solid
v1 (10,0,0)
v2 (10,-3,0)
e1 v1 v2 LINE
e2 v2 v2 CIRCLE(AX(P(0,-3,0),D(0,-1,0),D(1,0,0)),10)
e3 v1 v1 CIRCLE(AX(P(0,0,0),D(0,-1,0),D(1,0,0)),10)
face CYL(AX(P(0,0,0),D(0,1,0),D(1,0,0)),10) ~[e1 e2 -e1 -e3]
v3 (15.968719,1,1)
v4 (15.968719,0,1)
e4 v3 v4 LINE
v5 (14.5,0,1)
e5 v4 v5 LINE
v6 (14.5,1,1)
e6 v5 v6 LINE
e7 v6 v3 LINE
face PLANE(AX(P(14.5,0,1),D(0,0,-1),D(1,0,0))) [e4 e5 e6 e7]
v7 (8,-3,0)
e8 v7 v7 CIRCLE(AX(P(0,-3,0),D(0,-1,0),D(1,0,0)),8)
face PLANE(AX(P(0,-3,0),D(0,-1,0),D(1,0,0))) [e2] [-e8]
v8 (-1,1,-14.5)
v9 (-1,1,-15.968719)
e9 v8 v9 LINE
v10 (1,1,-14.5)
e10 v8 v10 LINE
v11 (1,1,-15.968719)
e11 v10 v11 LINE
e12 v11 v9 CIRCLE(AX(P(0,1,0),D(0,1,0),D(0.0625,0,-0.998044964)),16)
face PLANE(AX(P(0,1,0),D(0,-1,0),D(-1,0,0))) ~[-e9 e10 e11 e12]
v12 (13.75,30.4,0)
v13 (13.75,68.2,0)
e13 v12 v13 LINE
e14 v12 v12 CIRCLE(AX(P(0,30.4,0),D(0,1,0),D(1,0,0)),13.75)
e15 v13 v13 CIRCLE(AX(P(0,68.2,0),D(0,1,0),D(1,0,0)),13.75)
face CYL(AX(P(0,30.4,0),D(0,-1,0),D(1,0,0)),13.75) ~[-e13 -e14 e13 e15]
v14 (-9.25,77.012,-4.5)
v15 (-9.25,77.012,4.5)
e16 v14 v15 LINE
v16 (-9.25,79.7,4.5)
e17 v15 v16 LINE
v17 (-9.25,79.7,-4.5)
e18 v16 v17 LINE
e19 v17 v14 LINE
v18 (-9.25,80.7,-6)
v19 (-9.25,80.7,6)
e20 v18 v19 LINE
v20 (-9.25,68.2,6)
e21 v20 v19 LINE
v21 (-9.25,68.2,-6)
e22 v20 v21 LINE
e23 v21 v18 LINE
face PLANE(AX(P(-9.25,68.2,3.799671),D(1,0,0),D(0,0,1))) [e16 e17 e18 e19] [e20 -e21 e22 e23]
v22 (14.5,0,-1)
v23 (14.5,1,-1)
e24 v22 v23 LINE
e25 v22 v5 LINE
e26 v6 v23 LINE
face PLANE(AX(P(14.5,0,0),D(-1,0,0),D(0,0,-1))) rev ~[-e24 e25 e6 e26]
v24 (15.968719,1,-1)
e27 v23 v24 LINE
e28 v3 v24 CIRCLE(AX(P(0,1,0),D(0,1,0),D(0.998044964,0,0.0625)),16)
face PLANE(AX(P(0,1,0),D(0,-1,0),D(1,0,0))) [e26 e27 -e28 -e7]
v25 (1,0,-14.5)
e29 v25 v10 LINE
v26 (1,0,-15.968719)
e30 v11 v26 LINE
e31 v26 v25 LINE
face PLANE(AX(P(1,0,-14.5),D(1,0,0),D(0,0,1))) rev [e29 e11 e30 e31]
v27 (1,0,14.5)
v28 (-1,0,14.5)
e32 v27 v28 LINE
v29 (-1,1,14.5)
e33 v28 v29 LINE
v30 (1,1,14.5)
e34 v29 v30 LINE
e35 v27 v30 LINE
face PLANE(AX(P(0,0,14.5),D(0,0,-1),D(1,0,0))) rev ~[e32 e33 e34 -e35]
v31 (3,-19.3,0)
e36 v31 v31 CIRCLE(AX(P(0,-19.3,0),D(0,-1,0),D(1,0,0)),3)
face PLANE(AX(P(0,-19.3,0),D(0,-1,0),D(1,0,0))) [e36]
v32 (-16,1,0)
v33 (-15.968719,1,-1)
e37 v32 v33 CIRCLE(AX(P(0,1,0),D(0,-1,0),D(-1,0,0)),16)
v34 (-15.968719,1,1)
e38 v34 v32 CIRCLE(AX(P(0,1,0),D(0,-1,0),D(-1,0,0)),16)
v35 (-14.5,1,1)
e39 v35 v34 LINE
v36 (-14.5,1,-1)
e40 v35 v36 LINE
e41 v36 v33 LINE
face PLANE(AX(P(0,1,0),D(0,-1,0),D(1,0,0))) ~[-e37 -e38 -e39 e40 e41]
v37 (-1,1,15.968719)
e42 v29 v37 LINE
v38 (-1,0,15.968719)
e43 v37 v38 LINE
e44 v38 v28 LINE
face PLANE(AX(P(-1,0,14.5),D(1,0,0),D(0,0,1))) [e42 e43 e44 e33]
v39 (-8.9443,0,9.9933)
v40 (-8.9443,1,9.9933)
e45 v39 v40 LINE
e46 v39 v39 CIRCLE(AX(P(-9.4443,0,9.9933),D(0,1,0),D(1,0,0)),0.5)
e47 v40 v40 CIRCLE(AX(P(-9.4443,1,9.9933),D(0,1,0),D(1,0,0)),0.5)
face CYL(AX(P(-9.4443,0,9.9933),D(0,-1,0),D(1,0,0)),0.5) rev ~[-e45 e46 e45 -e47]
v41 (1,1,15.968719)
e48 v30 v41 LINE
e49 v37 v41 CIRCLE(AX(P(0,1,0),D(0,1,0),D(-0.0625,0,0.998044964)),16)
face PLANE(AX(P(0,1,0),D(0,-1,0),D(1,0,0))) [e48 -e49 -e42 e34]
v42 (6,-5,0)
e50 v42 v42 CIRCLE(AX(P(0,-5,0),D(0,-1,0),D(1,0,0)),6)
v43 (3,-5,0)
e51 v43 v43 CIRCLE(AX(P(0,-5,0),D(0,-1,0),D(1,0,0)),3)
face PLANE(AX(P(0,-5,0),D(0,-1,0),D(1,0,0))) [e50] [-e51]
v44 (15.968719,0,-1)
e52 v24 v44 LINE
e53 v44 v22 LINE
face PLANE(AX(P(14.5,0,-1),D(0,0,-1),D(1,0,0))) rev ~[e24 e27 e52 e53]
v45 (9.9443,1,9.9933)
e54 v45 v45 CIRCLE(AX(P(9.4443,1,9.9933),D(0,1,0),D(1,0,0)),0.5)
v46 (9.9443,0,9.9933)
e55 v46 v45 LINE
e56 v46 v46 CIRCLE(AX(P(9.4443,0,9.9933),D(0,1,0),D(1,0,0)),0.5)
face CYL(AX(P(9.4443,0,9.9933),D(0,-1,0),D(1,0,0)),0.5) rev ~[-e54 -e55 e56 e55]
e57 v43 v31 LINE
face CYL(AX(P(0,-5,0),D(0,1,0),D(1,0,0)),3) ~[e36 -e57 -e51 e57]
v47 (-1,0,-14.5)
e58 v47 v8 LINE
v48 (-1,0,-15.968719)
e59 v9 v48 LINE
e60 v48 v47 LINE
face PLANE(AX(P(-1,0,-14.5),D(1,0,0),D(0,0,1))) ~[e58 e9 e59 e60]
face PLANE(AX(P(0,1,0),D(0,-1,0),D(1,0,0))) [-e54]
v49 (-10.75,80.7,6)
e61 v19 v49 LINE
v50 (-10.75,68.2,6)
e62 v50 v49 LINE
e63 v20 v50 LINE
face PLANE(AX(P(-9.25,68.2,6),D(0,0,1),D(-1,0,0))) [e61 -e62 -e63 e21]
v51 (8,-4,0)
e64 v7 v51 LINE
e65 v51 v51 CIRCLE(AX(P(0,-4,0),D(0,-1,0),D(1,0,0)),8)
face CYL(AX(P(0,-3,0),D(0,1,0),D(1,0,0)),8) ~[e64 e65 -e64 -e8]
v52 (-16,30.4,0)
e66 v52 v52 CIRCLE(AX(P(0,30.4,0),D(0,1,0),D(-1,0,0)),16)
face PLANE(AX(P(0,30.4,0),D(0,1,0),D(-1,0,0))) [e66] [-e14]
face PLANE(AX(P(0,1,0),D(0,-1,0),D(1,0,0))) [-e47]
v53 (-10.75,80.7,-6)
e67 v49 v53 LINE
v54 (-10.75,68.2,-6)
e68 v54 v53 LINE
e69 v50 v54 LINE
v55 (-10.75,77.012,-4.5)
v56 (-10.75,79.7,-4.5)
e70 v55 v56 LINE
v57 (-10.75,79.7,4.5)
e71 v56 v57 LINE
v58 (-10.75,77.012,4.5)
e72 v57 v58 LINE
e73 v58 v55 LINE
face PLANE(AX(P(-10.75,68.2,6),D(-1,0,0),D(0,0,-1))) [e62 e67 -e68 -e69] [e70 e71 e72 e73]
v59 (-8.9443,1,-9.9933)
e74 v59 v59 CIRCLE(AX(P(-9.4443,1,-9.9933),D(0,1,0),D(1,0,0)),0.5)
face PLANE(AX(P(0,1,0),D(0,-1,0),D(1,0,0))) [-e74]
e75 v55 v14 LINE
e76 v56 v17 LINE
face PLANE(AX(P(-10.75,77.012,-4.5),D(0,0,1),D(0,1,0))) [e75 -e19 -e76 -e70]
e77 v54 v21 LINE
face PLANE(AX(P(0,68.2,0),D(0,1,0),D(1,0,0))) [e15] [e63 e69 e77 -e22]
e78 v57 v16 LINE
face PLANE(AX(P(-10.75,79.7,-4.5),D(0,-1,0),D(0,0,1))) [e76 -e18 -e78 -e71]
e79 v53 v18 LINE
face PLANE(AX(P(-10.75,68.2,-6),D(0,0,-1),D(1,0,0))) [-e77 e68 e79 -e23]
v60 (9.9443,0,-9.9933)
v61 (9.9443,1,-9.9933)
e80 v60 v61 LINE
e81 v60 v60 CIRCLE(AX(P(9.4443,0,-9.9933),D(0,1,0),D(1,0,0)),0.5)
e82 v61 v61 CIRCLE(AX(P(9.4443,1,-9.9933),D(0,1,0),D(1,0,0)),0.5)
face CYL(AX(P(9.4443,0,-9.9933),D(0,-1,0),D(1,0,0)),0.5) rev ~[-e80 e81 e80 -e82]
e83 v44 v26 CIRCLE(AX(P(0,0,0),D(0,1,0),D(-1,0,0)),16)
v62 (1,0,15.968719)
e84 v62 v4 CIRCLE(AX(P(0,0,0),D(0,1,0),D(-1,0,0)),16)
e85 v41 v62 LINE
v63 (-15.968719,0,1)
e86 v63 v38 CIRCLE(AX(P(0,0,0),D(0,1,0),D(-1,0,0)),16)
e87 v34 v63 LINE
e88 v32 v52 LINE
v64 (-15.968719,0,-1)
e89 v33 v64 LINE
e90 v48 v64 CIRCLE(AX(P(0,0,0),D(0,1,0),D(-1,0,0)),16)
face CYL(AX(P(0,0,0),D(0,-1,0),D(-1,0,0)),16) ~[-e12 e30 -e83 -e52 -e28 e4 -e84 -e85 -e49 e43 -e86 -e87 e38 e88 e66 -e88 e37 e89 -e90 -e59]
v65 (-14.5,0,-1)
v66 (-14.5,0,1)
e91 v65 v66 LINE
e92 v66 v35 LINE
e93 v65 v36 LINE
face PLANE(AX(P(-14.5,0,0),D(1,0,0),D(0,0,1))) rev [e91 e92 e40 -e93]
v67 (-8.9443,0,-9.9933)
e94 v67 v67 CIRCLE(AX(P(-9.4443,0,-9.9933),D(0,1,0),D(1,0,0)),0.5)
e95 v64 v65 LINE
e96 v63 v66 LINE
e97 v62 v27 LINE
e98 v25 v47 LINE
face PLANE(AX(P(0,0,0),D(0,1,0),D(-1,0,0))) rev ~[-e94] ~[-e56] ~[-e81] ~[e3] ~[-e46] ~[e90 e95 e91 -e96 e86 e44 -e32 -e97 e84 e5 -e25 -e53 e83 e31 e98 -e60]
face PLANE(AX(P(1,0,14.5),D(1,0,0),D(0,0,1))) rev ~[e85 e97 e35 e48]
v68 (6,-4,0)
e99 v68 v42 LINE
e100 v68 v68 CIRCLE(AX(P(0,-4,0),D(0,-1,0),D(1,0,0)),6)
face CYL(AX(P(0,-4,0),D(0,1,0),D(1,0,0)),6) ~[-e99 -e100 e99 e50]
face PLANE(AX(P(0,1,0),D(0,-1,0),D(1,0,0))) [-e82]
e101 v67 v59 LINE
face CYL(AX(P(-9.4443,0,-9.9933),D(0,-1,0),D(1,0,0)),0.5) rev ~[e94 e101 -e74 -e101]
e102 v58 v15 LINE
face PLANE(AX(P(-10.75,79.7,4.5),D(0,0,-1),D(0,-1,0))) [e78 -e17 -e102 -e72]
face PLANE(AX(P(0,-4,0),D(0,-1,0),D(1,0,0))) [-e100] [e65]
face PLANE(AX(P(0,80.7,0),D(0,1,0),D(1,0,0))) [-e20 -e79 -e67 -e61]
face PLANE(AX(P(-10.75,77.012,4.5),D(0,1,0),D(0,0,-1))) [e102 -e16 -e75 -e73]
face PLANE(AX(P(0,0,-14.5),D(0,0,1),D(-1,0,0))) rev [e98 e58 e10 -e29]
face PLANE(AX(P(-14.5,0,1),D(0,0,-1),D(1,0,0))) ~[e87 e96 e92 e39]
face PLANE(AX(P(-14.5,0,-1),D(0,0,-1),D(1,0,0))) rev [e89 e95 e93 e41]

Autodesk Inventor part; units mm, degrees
ref_plane "YZ Plane" through (0, 0, 0) normal (1, 0, 0) x (0, 1, 0)
ref_plane "XZ Plane" through (0, 0, 0) normal (0, 1, 0) x (-1, 0, 0)
ref_plane "XY Plane" through (0, 0, 0) normal (0, 0, 1) x (1, 0, 0)
sketch "Sketch1" plane through (0, 0, 0) normal (0, 1, 0) x (-1, 0, 0)
  circle A0 centre (0, 0) radius 16
  dimension "d0" = 32
extrude "Extrusion1" add sketch "Sketch1" along normal blind 30.4
sketch "Sketch2" plane through (0, 30.4, 0) normal (0, 1, 0) x (1, 0, 0)
  circle A0 centre (0, 0) radius 13.75
  dimension "d3" = 27.5
extrude "Extrusion2" add sketch "Sketch2" along normal blind 37.8
sketch "Sketch3" plane through (0, 0, 0) normal (0, -1, 0) x (1, 0, 0)
  circle A0 centre (0, 0) radius 10
  dimension "d6" = 20
extrude "Extrusion3" add sketch "Sketch3" along normal blind 3
sketch "Sketch4" plane through (0, -3, 0) normal (0, -1, 0) x (1, 0, 0)
  circle A0 centre (0, 0) radius 8
  dimension "d9" = 16
extrude "Extrusion4" add sketch "Sketch4" along normal blind 1
sketch "Sketch5" plane through (0, -4, 0) normal (0, -1, 0) x (1, 0, 0)
  circle A0 centre (0, 0) radius 6
  dimension "d12" = 12
extrude "Extrusion5" add sketch "Sketch5" along normal blind 1
sketch "Sketch6" plane through (0, -5, 0) normal (0, -1, 0) x (1, 0, 0)
  circle A0 centre (0, 0) radius 3
  dimension "d15" = 6
extrude "Extrusion6" add sketch "Sketch6" along normal blind 14.3
sketch "Sketch7" plane through (0, 68.2, 0) normal (0, 1, 0) x (1, 0, 0)
  line L0 (-9.25, -6) -> (-10.75, -6)
  line L1 (-10.75, -6) -> (-10.75, 6)
  line L2 (-10.75, 6) -> (-9.25, 6)
  line L3 (-9.25, 6) -> (-9.25, -6)
  circle A0 centre (0, 0) radius 10 projected
  line L4 (-9.25, -6) -> (-10.75, 6) construction
  line L5 (-10.75, -6) -> (-9.25, 6) construction
  point P0 (-10, 0)
  dimension "d18" = 12
  dimension "d19" = 1.5
extrude "Extrusion7" add sketch "Sketch7" along normal blind 12.5 contours L0 L1 L2 L3 A0 | A0 L3 picked at (-9.4369, 0.6455)
sketch "Sketch8" plane through (-10.75, 68.2, -6) normal (-1, 0, 0) x (0, 0, 1)
  line L0 (1.5, 11.5) -> (10.5, 11.5)
  line L1 (10.5, 11.5) -> (10.5, 8.812)
  line L2 (10.5, 8.812) -> (1.5, 8.812)
  line L3 (1.5, 8.812) -> (1.5, 11.5)
  line L4 (0, 12.5) -> (12, 12.5) projected
  line L5 (0, 0) -> (0, 12.5) projected
  line L6 (12, 0) -> (12, 12.5) projected
  point P0 (6, -68.2)
  dimension "d22" = 1
  dimension "d23" = 1.5
  dimension "d24" = 1.5
extrude "Extrusion8" cut sketch "Sketch8" against normal through all
sketch "Sketch9" plane through (0, 0, 0) normal (0, -1, 0) x (1, 0, 0)
  circle A0 centre (0, 0) radius 13.75 projected
  line L0 (-9.4443, 9.9933) -> (9.4443, 9.9933)
  line L1 (9.4443, 9.9933) -> (9.4443, -9.9933)
  line L2 (9.4443, -9.9933) -> (-9.4443, -9.9933)
  line L3 (-9.4443, -9.9933) -> (-9.4443, 9.9933)
  line L4 (-9.4443, 9.9933) -> (9.4443, -9.9933) construction
  line L5 (9.4443, 9.9933) -> (-9.4443, -9.9933) construction
  circle A1 centre (9.4443, -9.9933) radius 0.5
  circle A2 centre (-9.4443, -9.9933) radius 0.5
  circle A3 centre (-9.4443, 9.9933) radius 0.5
  circle A4 centre (9.4443, 9.9933) radius 0.5
  dimension "d27" = 1
  dimension "d28" = 1
  dimension "d29" = 1
  dimension "d30" = 1
extrude "Extrusion9" cut sketch "Sketch9" against normal blind 1 contours A4 L1 A0 | A0 A4 | A1 A0 | A0 L1 A1 | L0 A4 A0 | L1 A4 L0 | L2 A1 L1 | A0 A1 L2 | A3 L0 A0 | A0 A3 | A3 L3 L0 | A2 A0 | A0 L2 A2 | L2 L3 A2 | L3 A3 A0 | A0 A2 L3
sketch "Sketch10" plane through (0, 0, 0) normal (0, -1, 0) x (1, 0, 0)
  circle A0 centre (0, 0) radius 16 projected
  line L0 (0, 16) -> (0, 14.5)
  line L1 (0, 14.5) -> (-1, 14.5)
  line L2 (-1, 14.5) -> (-1, 16)
  line L3 (-1, 16) -> (0, 16)
  line L4 (0, 16) -> (0, 14.5)
  line L5 (0, 14.5) -> (1, 14.5)
  line L6 (1, 14.5) -> (1, 16)
  line L7 (1, 16) -> (0, 16)
  dimension "d33" = 1
  dimension "d34" = 1
  dimension "d35" = 1.5
extrude "Extrusion10" cut sketch "Sketch10" against normal blind 1 contours L6 L5 L0 A0 | A0 L7 L6 | L2 L3 A0 | A0 L0 L1 L2
mirror "Mirror1" about plane through (0, 0, 0) normal (0, 0, 1) of "Extrusion10"
sketch "Sketch11" plane through (0, 0, 0) normal (0, -1, 0) x (1, 0, 0)
  arc A0 (1, -15.9687) -> (1, 15.9687) centre (0, 0) ccw projected
  line L0 (16, 0) -> (14.5, 0)
  line L1 (14.5, 0) -> (14.5, 1)
  line L2 (14.5, 1) -> (16, 1)
  line L3 (16, 1) -> (16, 0)
  line L4 (16, 0) -> (14.5, 0)
  line L5 (14.5, 0) -> (14.5, -1)
  line L6 (14.5, -1) -> (16, -1)
  line L7 (16, -1) -> (16, 0)
  dimension "d38" = 1
  dimension "d39" = 1
  dimension "d40" = 1.5
extrude "Extrusion11" cut sketch "Sketch11" against normal blind 1
mirror "Mirror2" about plane through (0, 0, 0) normal (1, 0, 0) of "Extrusion11"
properties part number "CorrectMotor_CAD_spencermical_enes100OSVproject_4-50pm-3-3-16-thursday-freshmanyear-springsemester"
